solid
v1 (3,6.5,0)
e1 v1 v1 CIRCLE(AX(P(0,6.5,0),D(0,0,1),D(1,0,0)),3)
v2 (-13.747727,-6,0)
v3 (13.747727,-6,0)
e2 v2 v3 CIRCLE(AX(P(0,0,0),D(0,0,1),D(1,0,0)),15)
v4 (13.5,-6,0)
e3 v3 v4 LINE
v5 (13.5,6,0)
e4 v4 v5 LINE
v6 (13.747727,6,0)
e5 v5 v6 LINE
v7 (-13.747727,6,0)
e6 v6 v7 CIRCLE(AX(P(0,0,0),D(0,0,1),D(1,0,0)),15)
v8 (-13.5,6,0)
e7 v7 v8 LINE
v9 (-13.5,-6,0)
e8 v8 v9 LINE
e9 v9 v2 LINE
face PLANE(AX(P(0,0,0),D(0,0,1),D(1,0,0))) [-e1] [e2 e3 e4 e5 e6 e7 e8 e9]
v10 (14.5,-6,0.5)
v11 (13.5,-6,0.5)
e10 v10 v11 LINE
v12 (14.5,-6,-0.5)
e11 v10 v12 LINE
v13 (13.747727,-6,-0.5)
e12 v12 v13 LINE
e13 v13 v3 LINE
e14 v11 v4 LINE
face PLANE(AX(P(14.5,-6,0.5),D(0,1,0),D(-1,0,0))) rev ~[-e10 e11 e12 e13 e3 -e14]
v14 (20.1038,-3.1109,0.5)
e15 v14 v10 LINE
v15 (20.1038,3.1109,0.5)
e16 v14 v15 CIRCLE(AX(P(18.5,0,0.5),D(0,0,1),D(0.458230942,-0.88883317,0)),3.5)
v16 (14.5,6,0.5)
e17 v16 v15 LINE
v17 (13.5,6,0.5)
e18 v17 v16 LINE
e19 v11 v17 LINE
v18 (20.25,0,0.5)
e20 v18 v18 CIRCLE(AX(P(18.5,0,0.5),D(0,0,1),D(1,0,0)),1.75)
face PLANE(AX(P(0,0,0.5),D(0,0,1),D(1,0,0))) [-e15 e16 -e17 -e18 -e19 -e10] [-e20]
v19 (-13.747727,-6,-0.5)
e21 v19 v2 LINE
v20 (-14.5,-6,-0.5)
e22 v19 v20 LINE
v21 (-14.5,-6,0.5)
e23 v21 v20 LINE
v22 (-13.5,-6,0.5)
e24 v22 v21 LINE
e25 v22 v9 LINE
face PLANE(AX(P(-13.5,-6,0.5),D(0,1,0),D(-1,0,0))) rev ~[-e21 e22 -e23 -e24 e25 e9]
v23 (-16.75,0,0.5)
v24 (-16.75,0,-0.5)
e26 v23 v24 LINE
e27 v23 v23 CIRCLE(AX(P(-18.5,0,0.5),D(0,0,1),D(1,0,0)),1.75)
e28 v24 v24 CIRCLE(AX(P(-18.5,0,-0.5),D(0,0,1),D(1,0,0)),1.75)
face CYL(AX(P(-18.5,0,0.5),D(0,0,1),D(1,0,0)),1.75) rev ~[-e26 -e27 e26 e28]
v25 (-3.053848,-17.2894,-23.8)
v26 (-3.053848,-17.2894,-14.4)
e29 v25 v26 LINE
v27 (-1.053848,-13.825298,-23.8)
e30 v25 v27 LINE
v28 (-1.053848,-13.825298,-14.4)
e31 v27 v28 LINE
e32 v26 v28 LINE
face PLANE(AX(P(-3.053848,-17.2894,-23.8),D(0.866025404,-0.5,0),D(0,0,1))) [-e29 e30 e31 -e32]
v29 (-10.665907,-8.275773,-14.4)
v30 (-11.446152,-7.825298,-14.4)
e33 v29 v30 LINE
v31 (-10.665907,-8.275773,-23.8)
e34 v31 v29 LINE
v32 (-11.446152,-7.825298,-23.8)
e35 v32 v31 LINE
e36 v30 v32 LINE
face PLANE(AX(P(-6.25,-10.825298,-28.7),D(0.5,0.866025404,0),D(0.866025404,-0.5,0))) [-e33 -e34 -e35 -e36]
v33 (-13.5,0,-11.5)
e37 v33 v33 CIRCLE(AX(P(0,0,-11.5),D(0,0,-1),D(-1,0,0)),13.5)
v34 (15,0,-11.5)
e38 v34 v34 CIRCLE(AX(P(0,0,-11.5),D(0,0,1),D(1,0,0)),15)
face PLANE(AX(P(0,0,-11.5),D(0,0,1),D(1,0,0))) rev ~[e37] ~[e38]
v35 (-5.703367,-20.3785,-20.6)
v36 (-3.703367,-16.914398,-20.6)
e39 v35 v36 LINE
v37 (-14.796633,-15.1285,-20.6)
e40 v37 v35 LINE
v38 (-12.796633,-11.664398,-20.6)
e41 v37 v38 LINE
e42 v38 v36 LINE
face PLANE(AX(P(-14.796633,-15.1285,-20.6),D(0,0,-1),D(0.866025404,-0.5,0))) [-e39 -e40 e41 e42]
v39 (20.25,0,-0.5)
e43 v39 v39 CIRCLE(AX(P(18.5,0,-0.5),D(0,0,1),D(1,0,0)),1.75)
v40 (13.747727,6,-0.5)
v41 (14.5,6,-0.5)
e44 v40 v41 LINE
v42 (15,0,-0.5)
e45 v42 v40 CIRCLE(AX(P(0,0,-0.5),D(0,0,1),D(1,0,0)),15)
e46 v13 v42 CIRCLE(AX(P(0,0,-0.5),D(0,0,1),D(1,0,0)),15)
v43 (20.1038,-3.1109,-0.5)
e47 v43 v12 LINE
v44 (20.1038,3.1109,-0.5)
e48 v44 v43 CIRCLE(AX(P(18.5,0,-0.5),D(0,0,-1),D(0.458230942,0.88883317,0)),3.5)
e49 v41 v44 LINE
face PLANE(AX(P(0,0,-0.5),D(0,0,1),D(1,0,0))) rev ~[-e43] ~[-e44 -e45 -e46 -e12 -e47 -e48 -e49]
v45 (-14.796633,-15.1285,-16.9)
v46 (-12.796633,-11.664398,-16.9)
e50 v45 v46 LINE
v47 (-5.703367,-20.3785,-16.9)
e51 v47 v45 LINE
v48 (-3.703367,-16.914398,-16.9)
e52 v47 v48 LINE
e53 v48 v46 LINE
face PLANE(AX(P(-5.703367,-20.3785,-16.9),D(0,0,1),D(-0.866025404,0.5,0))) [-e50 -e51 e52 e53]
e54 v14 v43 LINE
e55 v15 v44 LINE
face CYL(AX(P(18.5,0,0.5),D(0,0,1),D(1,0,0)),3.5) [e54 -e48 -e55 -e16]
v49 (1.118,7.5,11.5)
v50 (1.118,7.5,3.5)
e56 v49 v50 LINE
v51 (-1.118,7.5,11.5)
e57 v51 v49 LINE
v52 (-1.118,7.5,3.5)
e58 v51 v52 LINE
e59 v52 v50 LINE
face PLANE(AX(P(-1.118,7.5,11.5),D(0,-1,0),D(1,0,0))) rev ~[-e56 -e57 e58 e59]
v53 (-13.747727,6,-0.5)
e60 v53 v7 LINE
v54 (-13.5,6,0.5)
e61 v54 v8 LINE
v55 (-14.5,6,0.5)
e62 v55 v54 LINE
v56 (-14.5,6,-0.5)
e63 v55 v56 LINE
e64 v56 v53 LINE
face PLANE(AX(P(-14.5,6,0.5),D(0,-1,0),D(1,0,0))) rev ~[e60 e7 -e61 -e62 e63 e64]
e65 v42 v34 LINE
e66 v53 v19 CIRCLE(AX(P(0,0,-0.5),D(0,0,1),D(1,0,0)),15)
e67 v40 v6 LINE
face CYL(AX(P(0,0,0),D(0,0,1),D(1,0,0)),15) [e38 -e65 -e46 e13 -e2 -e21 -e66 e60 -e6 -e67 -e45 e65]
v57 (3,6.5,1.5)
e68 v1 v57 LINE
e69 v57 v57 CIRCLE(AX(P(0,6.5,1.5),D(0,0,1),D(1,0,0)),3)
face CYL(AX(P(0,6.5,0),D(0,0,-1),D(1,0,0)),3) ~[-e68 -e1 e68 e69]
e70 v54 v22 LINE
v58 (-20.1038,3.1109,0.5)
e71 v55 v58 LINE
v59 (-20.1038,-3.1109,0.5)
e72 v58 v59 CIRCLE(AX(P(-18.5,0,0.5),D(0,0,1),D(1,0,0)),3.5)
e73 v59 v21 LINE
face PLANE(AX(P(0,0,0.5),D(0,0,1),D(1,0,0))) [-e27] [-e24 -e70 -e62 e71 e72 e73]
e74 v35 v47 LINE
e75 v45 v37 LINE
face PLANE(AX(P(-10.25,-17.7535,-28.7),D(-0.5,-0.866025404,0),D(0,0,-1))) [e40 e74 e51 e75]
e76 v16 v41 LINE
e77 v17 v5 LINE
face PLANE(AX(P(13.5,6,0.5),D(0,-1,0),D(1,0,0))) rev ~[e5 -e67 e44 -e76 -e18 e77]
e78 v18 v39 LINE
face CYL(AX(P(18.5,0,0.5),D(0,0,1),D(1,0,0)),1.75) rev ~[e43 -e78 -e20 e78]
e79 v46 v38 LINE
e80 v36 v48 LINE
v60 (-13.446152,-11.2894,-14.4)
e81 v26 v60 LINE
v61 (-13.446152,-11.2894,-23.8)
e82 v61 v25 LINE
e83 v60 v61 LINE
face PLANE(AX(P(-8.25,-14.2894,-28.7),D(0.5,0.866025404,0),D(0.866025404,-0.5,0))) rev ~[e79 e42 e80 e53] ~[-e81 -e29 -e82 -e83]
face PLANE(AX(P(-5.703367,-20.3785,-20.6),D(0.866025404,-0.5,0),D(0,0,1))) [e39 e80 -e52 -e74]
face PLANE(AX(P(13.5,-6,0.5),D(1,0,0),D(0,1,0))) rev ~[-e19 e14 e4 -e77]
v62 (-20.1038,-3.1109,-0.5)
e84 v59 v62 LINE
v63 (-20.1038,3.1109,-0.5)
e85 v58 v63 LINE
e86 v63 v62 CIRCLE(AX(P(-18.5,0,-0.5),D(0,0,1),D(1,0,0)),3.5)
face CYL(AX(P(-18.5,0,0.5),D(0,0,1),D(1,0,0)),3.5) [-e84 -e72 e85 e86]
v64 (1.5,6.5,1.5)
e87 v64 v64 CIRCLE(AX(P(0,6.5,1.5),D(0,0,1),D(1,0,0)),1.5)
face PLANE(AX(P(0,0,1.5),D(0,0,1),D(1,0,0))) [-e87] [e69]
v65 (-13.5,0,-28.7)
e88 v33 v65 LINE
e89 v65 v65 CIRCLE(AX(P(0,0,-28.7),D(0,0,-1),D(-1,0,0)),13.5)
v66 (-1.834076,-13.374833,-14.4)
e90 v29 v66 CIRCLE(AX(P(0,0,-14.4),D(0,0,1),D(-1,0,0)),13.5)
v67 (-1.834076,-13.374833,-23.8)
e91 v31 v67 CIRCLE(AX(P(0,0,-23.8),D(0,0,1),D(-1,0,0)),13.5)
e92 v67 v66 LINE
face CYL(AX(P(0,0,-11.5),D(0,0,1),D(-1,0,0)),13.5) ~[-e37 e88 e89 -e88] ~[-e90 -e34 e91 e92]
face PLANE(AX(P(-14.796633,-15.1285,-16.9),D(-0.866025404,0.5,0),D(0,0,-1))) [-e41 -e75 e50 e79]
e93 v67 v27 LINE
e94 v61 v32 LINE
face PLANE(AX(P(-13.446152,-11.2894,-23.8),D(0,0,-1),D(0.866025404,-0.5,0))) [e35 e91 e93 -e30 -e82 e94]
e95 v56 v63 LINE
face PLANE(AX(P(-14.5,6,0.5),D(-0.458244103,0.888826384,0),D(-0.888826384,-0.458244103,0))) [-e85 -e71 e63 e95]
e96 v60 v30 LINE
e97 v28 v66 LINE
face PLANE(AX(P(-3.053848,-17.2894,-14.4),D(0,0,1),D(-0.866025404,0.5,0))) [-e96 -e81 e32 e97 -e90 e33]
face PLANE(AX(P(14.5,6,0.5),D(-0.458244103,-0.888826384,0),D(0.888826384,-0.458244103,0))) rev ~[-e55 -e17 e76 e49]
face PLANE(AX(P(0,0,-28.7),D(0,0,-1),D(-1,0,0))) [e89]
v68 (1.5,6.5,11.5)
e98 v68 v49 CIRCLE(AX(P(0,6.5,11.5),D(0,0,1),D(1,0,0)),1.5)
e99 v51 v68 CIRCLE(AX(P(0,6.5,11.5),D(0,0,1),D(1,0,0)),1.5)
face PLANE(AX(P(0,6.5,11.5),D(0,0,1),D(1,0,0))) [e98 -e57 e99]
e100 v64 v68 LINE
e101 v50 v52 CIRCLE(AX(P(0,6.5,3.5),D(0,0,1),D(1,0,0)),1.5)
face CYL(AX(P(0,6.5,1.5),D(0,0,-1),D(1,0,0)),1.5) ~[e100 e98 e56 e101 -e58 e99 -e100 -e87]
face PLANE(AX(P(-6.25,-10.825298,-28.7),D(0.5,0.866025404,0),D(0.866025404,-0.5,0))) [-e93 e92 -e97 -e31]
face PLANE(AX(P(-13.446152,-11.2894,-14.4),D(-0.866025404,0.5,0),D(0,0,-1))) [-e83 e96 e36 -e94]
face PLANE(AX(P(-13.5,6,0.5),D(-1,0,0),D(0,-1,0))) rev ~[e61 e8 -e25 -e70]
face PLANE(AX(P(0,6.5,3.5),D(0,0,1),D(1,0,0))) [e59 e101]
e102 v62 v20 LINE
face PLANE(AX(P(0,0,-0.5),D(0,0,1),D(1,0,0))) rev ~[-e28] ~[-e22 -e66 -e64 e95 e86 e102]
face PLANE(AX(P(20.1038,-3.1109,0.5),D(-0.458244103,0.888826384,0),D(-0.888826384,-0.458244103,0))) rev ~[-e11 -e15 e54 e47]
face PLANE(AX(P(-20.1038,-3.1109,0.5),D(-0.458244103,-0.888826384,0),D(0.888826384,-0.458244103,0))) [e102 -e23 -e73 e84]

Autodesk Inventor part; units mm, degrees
ref_plane "YZ Plane" through (0, 0, 0) normal (1, 0, 0) x (0, 1, 0)
sketch "スケッチ1" plane through (0, 0, 0) normal (0, 0, 1) x (1, 0, 0)
  circle A0 centre (0, 0) radius 15
  dimension "d0" = 30
extrude "押し出し1" add sketch "スケッチ1" against normal blind 11.5
sketch "スケッチ2" plane through (0, 0, 0) normal (0, 0, 1) x (1, 0, 0)
  circle A0 centre (0, 6.5) radius 3
  point P0 (0, 0)
  dimension "d3" = 6
  dimension "d4" = 6.5
extrude "押し出し2" add sketch "スケッチ2" along normal blind 1.5
sketch "スケッチ3" plane through (0, 6.5, 1.5) normal (0, 0, 1) x (1, 0, 0)
  circle A0 centre (0, 0) radius 3 projected
  circle A1 centre (0, 0) radius 1.5
  point P0 (0, -6.5)
  dimension "d7" = 3
extrude "押し出し3" add sketch "スケッチ3" along normal blind 10 contours A1
sketch "スケッチ4" plane through (0, 0, -11.5) normal (0, 0, -1) x (-1, 0, 0)
  circle A0 centre (0, 0) radius 13.5
  dimension "d10" = 27
extrude "押し出し4" add sketch "スケッチ4" along normal blind 17.2
sketch "スケッチ6" plane through (0, 6.5, 11.5) normal (0, 0, 1) x (1, 0, 0)
  circle A0 centre (0, 0) radius 1.5 projected
  line L0 (-1.118, 1) -> (1.118, 1)
  point P0 (0, -6.5)
  dimension "d21" = 1
extrude "押し出し6" cut sketch "スケッチ6" against normal blind 8 contours L0 A0 picked at (-0.0599, 1.1631)
ref_plane "作業平面1" through (0, 0, 0.5) normal (0, 0, 1) x (1, 0, 0)
sketch "スケッチ7" plane through (0, 0, 0.5) normal (0, 0, 1) x (1, 0, 0)
  line L0 (0, 21.4774) -> (0, -21.4774) construction
  line L1 (-14.5, 6) -> (-13.5, 6)
  line L2 (-13.5, 6) -> (-13.5, -6)
  line L3 (-13.5, -6) -> (-14.5, -6)
  line L4 (-14.5, -6) -> (-14.5, 6)
  line L5 (13.5, 6) -> (14.5, 6)
  line L6 (14.5, 6) -> (14.5, -6)
  line L7 (14.5, -6) -> (13.5, -6)
  line L8 (13.5, -6) -> (13.5, 6)
  circle A0 centre (-18.5, 0) radius 1.75
  circle A1 centre (18.5, 0) radius 1.75
  circle A2 centre (-18.5, 0) radius 3.5
  circle A3 centre (18.5, 0) radius 3.5
  line L9 (-14.5, 6) -> (-20.1038, 3.1109)
  line L10 (-20.1038, -3.1109) -> (-14.5, -6)
  line L11 (14.5, 6) -> (20.1038, 3.1109)
  line L12 (20.1038, -3.1109) -> (14.5, -6)
  point P0 (0, 0)
  point P1 (0, 0)
  point P2 (-13.5, 0)
  point P3 (13.5, 0)
  dimension "d25" = 1
  dimension "d26" = 12
  dimension "d27" = 29
  dimension "d28" = 3.5
  dimension "d29" = 37
  dimension "d30" = 7
extrude "押し出し7" add sketch "スケッチ7" against normal blind 1
ref_plane "作業平面3" through (-10.25, -17.7535, -28.7) normal (-0.5, -0.866, 0) x (0, 0, -1)
ref_plane "作業平面2" through (0, 0, -28.7) normal (-0.5, -0.866, 0) x (0, 0, -1)
sketch "スケッチ9" plane through (-10.25, -17.7535, -28.7) normal (-0.5, -0.866, 0) x (0, 0, -1)
  line L0 (-11.8, -5.25) -> (-8.1, -5.25)
  line L1 (-8.1, -5.25) -> (-8.1, 5.25)
  line L2 (-8.1, 5.25) -> (-11.8, 5.25)
  line L3 (-11.8, 5.25) -> (-11.8, -5.25)
  line L4 (-29.2, -15.855) -> (-29.2, -9.5574) projected
  point P0 (-28.7, 0)
  point P1 (-11.8, 0)
  dimension "d35" = 3.7
  dimension "d36" = 10.5
  dimension "d37" = 17.4
extrude "押し出し8" add sketch "スケッチ9" against normal blind 4
sketch "スケッチ10" plane through (-8.25, -14.2894, -28.7) normal (0.5, 0.866, 0) x (0.866, -0.5, 0)
  line L0 (-6, -4.9) -> (6, -4.9)
  line L1 (6, -4.9) -> (6, -14.3)
  line L2 (6, -14.3) -> (-6, -14.3)
  line L3 (-6, -14.3) -> (-6, -4.9)
  line L4 (-15.855, -29.2) -> (-9.5574, -29.2) projected
  point P0 (0, -28.7)
  point P1 (0, -14.3)
  dimension "d40" = 12
  dimension "d41" = 9.4
  dimension "d42" = 14.9
extrude "押し出し9" add sketch "スケッチ10" along normal blind 4
properties part number "SPG27"
